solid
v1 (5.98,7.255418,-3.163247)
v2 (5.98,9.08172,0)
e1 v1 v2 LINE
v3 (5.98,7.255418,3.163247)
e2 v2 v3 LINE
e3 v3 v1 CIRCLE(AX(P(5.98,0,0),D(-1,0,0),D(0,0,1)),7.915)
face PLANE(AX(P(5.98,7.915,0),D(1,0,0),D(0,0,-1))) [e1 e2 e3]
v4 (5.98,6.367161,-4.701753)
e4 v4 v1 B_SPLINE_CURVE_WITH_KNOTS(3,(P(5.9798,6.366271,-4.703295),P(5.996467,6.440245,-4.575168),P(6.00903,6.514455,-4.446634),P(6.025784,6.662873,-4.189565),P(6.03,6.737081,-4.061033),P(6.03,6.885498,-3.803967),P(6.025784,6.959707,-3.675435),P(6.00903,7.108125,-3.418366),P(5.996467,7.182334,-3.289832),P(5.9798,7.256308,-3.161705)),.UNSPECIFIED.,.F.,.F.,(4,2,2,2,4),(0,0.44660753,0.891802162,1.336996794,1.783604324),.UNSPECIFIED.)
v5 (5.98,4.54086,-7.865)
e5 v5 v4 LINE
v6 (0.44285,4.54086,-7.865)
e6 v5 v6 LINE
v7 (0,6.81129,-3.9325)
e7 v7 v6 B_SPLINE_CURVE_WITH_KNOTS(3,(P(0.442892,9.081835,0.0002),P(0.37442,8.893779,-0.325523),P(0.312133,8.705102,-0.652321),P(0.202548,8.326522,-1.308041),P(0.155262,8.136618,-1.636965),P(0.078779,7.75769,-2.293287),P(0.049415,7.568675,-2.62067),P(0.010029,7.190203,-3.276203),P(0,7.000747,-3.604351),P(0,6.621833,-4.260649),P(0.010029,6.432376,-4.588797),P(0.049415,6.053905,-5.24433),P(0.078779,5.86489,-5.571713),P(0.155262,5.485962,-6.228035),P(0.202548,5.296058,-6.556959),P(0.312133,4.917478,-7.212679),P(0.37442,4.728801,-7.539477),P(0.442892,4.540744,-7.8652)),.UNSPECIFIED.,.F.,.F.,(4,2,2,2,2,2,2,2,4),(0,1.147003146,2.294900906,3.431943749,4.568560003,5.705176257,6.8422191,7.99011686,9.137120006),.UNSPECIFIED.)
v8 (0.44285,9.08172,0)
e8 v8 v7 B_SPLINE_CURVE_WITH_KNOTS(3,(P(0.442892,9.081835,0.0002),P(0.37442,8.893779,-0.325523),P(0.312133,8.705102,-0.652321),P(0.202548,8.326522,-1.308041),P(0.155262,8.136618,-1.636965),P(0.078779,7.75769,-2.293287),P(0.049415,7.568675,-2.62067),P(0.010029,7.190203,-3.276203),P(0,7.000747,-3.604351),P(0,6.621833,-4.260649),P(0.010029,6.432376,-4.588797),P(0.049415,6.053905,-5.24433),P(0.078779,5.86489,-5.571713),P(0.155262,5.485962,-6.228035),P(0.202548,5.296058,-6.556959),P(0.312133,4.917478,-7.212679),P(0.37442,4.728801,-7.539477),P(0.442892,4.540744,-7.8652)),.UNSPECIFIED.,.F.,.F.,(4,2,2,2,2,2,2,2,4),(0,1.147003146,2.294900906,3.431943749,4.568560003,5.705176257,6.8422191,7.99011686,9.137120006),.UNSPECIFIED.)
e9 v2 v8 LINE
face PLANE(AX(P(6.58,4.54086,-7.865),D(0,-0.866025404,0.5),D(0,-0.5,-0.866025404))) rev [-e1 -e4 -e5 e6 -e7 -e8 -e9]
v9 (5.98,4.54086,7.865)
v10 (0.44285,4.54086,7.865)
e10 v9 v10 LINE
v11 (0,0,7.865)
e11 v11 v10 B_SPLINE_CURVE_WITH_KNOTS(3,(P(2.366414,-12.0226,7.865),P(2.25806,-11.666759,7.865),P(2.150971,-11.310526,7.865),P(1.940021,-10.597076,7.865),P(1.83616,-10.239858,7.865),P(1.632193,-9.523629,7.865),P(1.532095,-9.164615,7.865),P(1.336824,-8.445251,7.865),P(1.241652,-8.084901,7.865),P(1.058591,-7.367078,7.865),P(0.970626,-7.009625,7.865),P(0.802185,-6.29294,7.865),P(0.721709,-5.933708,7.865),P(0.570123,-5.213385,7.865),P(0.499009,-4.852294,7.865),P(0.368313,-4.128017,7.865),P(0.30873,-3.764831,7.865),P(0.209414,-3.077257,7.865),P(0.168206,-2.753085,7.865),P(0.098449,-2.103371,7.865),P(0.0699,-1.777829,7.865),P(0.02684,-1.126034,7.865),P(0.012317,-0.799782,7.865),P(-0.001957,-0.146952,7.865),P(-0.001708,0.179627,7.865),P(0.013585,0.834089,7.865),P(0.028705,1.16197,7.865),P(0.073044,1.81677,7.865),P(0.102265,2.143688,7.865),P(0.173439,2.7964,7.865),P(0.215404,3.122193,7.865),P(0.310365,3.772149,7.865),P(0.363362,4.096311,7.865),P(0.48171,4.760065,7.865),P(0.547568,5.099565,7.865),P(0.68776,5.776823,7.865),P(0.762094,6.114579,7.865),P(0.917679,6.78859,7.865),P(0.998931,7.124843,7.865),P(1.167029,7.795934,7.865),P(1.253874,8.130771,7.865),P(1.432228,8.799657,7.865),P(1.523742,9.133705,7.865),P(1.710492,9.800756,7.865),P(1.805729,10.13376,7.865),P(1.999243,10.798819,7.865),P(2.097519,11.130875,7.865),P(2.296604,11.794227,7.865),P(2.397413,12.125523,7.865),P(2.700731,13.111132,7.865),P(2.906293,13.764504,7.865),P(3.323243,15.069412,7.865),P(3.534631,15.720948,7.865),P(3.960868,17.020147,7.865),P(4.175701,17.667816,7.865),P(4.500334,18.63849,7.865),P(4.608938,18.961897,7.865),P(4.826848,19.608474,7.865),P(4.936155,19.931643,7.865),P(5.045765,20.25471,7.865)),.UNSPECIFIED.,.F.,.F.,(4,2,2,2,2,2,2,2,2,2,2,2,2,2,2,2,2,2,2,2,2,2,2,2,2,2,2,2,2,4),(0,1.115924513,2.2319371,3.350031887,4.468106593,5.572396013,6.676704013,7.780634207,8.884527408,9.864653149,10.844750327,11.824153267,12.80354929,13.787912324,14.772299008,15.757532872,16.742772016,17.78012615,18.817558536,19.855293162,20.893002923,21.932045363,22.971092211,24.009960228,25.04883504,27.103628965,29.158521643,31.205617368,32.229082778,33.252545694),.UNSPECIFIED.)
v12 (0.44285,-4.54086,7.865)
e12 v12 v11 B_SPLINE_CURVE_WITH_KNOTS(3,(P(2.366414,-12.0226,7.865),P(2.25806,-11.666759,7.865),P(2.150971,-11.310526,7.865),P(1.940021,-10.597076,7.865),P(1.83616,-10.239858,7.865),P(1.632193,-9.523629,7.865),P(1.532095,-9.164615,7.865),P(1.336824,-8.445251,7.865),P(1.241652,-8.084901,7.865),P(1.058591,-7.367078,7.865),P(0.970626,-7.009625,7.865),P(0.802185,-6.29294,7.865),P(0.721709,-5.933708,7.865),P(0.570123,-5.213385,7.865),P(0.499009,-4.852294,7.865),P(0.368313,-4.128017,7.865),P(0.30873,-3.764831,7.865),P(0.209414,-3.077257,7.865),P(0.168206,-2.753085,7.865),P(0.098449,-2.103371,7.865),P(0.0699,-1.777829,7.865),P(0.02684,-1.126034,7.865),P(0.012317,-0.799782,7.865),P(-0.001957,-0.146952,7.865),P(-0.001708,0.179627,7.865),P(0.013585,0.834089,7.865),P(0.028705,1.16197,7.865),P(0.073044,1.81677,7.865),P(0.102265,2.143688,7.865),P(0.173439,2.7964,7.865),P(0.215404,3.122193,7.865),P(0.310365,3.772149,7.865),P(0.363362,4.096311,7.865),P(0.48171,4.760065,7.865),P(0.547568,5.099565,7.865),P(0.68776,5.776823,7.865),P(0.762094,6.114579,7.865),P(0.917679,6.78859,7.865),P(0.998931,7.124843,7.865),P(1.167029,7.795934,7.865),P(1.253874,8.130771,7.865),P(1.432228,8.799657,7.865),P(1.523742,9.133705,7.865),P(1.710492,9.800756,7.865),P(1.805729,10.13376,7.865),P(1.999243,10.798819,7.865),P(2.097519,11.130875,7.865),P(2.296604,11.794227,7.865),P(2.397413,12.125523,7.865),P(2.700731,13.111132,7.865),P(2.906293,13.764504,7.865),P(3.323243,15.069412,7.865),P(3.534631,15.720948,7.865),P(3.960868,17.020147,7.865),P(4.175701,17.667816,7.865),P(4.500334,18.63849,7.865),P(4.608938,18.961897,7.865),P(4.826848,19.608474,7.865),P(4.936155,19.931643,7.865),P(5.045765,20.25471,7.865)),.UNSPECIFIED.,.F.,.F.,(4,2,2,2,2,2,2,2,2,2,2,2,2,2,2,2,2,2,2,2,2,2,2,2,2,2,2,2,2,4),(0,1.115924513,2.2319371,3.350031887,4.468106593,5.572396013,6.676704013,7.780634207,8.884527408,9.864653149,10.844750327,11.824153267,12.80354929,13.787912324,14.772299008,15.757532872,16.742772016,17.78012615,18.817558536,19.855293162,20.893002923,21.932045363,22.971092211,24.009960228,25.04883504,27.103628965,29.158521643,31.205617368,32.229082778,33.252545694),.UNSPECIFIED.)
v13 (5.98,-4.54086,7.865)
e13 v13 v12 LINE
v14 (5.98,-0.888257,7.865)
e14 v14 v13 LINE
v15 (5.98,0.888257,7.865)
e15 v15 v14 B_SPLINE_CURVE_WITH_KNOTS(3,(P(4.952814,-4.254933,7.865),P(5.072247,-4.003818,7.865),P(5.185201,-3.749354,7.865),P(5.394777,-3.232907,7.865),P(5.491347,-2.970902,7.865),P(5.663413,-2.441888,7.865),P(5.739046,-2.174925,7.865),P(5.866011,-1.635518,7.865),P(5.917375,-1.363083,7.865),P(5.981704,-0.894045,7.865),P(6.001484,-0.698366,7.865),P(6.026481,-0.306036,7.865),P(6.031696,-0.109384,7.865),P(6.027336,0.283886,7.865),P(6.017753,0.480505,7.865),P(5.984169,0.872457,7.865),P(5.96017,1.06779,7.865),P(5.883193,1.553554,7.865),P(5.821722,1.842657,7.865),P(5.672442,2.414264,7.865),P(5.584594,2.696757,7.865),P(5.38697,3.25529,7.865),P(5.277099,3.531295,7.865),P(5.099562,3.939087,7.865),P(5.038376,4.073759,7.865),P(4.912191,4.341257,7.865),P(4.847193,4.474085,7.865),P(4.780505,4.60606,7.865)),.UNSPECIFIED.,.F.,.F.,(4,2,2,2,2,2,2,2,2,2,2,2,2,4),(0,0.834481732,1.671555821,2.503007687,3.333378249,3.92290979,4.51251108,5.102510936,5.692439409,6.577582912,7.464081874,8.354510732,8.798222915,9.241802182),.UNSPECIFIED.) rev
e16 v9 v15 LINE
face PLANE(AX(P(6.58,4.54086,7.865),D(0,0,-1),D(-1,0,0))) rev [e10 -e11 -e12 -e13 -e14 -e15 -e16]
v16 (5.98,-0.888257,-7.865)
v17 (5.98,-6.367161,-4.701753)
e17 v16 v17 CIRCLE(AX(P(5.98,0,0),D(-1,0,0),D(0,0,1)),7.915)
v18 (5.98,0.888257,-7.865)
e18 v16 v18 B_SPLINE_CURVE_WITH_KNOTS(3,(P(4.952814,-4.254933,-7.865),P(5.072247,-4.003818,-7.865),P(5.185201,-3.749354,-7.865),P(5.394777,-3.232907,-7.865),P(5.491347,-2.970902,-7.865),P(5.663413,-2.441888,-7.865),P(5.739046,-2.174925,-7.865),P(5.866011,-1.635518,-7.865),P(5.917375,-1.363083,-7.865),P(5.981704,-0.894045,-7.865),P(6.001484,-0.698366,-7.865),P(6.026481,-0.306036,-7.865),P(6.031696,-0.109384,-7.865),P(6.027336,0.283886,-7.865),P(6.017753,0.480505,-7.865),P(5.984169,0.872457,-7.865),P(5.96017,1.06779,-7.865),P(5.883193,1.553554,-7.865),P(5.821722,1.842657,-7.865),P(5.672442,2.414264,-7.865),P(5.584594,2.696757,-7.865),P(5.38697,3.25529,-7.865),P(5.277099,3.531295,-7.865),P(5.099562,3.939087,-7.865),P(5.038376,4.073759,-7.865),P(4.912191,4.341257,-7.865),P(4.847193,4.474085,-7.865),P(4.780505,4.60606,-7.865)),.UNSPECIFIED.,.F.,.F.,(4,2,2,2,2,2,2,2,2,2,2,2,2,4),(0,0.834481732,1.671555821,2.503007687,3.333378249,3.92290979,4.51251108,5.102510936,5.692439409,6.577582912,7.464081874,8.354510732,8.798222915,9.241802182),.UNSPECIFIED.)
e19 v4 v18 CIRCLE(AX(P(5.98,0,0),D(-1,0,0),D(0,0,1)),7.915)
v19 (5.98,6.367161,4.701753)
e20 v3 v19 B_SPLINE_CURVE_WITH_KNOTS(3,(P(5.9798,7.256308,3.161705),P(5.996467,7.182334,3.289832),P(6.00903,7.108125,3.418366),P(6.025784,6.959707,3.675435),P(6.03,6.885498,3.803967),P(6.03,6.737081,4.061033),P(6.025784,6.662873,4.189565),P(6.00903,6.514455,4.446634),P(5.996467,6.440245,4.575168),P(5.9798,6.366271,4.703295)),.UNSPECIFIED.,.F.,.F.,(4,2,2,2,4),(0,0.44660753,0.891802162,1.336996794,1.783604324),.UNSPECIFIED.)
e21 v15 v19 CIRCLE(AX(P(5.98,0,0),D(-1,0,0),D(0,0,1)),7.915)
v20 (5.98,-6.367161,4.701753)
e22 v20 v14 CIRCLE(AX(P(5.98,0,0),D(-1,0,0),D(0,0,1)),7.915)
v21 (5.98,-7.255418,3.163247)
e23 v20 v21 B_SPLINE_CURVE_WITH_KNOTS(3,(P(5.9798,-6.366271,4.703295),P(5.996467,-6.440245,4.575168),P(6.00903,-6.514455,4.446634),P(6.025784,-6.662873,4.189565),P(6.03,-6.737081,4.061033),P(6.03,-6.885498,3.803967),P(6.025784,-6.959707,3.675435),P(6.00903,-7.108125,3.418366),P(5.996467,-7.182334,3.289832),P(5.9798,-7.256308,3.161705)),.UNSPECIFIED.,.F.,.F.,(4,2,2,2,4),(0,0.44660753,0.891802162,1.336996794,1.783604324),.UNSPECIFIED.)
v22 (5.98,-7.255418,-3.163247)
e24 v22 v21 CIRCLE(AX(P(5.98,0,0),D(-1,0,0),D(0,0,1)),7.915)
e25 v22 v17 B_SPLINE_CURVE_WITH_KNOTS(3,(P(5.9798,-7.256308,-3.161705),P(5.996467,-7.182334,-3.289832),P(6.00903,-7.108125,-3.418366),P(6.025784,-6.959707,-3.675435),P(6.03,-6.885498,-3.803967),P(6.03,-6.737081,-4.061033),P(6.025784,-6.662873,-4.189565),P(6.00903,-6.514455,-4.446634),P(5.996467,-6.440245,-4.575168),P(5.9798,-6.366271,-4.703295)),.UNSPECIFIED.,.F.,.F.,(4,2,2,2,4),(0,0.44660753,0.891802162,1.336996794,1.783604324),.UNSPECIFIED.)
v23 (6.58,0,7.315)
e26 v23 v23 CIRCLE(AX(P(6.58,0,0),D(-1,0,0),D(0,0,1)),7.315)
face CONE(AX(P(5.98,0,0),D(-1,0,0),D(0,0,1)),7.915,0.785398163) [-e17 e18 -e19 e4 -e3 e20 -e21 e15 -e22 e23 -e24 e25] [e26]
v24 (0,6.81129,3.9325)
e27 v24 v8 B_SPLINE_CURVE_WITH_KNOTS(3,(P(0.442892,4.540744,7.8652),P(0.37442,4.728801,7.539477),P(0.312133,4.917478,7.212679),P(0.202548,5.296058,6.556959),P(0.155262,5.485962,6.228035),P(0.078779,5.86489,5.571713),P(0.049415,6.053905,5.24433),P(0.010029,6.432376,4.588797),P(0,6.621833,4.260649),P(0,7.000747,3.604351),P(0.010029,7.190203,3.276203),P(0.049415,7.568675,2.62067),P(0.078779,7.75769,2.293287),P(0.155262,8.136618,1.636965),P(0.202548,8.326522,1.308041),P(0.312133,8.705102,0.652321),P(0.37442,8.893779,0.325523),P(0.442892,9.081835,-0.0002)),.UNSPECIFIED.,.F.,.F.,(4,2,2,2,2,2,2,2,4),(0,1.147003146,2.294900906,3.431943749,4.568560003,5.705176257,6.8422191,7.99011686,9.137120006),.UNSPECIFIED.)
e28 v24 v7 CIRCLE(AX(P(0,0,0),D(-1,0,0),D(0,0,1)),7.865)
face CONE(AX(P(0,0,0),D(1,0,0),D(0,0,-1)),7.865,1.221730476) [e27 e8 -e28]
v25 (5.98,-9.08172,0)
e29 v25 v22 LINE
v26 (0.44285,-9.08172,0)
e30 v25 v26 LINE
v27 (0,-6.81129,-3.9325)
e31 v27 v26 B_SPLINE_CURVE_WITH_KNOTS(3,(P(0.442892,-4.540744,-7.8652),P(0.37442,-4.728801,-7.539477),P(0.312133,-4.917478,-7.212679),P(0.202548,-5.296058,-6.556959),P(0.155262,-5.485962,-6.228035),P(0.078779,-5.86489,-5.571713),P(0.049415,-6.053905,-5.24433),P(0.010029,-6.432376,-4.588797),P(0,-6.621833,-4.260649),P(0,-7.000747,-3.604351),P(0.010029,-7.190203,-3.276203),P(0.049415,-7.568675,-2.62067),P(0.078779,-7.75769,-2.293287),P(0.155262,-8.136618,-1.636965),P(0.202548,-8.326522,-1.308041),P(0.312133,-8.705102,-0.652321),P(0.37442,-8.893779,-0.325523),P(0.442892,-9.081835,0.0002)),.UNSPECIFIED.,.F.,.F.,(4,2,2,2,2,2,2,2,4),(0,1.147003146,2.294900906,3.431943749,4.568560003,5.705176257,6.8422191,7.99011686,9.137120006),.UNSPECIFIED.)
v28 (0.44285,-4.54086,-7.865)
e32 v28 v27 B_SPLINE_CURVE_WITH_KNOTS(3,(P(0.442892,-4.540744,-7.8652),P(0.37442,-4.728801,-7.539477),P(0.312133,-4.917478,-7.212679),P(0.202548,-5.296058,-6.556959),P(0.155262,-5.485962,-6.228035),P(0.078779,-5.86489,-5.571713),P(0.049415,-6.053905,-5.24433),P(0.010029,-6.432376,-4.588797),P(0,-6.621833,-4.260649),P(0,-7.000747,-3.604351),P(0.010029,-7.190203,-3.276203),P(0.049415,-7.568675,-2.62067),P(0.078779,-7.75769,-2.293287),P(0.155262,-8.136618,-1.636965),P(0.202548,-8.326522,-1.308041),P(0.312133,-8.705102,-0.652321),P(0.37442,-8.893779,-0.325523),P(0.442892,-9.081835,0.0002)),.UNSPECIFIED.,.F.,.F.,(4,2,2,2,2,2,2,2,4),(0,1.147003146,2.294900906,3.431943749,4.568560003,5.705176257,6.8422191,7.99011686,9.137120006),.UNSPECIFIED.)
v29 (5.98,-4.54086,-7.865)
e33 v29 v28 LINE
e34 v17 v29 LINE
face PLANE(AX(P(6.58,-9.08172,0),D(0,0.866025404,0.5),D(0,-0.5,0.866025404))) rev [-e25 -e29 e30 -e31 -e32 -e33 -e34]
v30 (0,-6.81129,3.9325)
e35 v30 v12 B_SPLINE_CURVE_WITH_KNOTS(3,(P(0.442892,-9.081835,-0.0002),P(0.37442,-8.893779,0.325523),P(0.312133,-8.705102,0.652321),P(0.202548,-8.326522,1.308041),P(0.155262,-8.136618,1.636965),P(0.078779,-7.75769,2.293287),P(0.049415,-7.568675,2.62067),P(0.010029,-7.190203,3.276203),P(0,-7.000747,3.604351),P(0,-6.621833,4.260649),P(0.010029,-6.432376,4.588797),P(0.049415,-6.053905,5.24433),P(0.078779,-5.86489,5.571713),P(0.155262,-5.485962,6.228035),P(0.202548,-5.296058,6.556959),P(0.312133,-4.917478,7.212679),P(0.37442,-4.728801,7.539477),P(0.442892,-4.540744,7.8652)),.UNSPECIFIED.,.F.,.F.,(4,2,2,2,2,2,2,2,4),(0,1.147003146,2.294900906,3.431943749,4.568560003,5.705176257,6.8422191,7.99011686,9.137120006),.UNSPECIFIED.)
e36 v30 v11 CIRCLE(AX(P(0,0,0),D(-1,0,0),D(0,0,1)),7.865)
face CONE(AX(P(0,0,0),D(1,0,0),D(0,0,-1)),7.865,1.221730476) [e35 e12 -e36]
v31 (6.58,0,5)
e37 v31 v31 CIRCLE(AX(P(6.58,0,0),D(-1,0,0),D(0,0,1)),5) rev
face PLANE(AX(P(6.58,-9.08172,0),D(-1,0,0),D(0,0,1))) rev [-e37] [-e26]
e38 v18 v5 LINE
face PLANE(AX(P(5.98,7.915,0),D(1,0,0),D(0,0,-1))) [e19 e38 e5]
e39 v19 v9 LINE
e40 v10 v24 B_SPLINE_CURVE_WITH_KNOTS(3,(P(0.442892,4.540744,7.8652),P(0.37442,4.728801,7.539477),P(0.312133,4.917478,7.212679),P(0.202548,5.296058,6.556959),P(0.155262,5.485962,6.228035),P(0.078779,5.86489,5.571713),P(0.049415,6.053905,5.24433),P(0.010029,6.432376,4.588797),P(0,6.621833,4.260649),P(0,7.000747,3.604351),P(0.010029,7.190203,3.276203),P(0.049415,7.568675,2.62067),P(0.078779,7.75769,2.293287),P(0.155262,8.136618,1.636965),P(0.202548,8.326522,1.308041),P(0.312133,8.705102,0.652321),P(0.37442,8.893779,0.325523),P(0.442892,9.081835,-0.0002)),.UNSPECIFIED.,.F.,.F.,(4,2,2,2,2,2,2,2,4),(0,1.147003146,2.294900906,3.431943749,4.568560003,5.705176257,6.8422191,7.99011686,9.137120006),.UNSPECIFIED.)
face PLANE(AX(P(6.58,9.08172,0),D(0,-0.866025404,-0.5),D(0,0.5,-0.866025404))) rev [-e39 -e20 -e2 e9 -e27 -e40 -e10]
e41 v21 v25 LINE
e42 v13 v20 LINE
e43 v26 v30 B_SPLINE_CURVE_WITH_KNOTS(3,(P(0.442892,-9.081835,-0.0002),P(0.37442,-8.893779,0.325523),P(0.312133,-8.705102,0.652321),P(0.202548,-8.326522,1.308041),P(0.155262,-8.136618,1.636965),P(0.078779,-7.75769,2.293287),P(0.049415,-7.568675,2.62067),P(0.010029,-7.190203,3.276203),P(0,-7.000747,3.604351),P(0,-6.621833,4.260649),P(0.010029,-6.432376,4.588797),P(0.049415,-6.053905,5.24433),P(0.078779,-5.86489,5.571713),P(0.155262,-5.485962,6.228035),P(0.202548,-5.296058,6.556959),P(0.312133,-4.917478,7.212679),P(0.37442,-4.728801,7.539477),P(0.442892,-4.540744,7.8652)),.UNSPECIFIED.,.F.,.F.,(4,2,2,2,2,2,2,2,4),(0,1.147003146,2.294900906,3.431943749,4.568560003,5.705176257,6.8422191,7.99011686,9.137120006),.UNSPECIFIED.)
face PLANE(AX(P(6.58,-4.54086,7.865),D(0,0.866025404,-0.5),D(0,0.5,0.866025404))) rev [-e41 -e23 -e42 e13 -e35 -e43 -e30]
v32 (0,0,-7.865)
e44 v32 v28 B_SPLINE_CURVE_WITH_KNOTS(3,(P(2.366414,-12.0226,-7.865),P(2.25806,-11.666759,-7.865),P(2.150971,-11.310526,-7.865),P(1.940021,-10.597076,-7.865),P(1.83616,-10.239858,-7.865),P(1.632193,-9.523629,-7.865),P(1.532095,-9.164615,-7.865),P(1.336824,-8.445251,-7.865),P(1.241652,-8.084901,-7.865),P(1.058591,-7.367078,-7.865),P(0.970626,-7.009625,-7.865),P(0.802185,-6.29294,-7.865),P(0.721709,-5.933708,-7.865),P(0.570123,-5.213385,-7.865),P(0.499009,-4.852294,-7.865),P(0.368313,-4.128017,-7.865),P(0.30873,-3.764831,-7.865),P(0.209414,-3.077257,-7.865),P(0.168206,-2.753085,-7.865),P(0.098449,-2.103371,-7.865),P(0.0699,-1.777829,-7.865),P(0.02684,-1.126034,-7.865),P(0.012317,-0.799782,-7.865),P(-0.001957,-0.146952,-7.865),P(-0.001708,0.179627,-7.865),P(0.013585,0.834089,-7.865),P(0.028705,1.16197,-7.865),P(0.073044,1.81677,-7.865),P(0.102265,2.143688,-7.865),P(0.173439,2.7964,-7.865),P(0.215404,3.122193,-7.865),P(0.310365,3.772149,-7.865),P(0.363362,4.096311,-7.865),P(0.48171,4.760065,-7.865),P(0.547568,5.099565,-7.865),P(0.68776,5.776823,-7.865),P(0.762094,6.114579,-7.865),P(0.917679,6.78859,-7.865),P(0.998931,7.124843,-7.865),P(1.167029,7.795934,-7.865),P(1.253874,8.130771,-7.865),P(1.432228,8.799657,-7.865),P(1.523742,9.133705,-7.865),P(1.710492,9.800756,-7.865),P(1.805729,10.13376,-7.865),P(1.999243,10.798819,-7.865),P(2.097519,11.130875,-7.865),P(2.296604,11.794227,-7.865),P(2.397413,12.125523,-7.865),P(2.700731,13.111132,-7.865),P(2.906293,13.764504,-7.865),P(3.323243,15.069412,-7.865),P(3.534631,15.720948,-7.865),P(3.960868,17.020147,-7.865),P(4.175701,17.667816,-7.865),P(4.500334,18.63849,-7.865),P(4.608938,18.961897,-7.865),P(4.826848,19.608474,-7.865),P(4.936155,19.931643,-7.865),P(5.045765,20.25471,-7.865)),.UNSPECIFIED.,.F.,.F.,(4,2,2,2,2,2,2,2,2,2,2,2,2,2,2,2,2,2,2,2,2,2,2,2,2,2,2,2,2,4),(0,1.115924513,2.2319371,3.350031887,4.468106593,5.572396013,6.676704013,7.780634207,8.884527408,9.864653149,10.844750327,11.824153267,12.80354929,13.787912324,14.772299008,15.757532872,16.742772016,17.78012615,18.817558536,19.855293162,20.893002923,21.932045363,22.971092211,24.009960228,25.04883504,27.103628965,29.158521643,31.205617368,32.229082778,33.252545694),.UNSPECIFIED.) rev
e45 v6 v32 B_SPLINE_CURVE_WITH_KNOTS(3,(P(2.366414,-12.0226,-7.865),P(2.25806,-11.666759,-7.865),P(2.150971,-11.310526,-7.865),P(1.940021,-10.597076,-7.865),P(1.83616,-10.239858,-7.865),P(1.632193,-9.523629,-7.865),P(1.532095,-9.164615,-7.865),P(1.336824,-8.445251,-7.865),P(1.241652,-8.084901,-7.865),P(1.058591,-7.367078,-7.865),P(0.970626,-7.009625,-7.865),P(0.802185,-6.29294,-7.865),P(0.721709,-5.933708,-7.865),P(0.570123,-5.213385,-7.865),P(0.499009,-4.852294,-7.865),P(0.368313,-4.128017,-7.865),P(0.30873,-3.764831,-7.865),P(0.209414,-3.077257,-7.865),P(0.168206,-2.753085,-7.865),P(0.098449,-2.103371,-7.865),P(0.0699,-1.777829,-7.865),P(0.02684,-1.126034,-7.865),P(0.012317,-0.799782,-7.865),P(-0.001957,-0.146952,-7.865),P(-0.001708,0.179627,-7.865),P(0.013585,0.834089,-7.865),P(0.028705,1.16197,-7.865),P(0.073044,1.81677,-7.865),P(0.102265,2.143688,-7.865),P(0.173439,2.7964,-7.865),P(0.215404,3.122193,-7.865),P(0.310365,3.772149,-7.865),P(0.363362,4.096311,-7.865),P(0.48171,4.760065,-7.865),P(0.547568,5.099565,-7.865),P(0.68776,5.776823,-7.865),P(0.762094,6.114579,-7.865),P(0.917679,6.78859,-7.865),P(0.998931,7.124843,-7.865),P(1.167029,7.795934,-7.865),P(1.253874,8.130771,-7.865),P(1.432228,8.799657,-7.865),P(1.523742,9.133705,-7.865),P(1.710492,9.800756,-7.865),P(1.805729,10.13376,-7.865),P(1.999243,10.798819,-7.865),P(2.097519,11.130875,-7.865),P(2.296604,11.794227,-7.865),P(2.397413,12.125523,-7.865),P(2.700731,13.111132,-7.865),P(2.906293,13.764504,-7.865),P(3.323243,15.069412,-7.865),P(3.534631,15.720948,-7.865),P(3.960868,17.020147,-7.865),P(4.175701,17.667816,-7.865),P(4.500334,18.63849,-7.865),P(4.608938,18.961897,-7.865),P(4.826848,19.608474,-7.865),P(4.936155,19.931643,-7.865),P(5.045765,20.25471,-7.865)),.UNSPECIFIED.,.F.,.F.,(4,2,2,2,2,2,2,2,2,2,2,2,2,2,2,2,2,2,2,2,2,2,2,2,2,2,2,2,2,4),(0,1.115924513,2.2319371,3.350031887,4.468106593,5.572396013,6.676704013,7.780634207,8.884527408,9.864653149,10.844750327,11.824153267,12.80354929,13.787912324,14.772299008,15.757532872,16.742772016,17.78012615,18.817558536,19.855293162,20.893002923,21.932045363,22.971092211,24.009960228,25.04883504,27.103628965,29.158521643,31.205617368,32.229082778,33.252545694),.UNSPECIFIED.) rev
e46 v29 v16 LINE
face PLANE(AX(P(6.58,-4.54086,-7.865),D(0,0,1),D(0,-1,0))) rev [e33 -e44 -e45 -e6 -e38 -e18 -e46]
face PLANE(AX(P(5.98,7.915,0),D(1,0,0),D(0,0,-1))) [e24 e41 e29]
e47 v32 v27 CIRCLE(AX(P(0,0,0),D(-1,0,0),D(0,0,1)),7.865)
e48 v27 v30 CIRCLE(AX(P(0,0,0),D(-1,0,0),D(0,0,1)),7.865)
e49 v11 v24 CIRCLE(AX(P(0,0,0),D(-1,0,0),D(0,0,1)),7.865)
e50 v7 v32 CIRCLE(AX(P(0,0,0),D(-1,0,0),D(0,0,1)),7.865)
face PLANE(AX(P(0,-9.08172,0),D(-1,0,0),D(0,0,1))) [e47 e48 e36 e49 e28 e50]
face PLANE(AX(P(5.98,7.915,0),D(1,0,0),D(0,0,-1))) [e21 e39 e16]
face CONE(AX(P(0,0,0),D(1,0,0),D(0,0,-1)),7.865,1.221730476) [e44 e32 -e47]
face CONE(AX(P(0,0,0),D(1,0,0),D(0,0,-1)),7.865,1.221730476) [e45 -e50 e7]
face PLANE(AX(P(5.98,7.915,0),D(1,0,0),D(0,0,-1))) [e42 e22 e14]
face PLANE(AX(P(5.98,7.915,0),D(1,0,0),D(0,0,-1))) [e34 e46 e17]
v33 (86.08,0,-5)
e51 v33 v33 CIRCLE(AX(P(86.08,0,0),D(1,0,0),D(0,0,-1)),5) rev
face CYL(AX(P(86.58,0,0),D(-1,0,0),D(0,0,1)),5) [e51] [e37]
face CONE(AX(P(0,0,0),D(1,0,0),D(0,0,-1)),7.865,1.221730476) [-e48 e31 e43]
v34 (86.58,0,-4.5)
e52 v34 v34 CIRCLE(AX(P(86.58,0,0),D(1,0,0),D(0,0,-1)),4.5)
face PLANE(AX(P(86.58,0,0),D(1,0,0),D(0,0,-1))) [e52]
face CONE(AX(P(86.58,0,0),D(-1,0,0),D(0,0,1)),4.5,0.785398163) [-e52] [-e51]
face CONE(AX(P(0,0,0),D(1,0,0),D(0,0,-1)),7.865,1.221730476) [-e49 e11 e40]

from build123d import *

# Parameters (mm, degrees)
BASEHEAD_DEPTH = 6.58
SKETCH5_R      = 5
BASEBODY_DEPTH = 80
CHAMFER1_SIZE  = 0.5


with BuildPart() as part:
    # Sketch2 → BaseHead (new body)
    with BuildSketch(Plane(origin=(0, 0, 0), x_dir=(0, 0, -1), z_dir=(1, 0, 0))):
        Polygon((7.865, -4.540859867), (7.865, 4.540859867), (0, 9.081719734), (-7.865, 4.540859867), (-7.865, -4.540859867), (0, -9.081719734), align=None)
    extrude(amount=BASEHEAD_DEPTH)

    # Sketch3 → BearingFace (revolve, cut)
    with BuildSketch(Plane.XY):
        Polygon((6.58, 9.081719734), (6.58, 7.315), (5.98, 7.915), (5.98, 9.081719734), align=None)
    revolve(axis=Axis((-0.957090588, 0, 0), (1, 0, 0)), mode=Mode.SUBTRACT)

    # Sketch4 → HeadChamfer (revolve, cut)
    with BuildSketch(Plane.XY):
        Polygon((0, 9.081719734), (0.442849767, 9.081719734), (0, 7.865), align=None)
    revolve(axis=Axis((-0.493528746, 0, 0), (1, 0, 0)), mode=Mode.SUBTRACT)

    # Sketch5 → BaseBody (add)
    with BuildSketch(Plane(origin=(6.58, 0, 0), x_dir=(0, 0, -1), z_dir=(1, 0, 0))):
        Circle(SKETCH5_R)
    extrude(amount=BASEBODY_DEPTH)

    # Chamfer1
    chamfer1_edges = [part.edges().sort_by_distance(p)[0] for p in [
        (86.58, 0, 5),
    ]]
    chamfer(chamfer1_edges, length=CHAMFER1_SIZE)


solid = part.part
